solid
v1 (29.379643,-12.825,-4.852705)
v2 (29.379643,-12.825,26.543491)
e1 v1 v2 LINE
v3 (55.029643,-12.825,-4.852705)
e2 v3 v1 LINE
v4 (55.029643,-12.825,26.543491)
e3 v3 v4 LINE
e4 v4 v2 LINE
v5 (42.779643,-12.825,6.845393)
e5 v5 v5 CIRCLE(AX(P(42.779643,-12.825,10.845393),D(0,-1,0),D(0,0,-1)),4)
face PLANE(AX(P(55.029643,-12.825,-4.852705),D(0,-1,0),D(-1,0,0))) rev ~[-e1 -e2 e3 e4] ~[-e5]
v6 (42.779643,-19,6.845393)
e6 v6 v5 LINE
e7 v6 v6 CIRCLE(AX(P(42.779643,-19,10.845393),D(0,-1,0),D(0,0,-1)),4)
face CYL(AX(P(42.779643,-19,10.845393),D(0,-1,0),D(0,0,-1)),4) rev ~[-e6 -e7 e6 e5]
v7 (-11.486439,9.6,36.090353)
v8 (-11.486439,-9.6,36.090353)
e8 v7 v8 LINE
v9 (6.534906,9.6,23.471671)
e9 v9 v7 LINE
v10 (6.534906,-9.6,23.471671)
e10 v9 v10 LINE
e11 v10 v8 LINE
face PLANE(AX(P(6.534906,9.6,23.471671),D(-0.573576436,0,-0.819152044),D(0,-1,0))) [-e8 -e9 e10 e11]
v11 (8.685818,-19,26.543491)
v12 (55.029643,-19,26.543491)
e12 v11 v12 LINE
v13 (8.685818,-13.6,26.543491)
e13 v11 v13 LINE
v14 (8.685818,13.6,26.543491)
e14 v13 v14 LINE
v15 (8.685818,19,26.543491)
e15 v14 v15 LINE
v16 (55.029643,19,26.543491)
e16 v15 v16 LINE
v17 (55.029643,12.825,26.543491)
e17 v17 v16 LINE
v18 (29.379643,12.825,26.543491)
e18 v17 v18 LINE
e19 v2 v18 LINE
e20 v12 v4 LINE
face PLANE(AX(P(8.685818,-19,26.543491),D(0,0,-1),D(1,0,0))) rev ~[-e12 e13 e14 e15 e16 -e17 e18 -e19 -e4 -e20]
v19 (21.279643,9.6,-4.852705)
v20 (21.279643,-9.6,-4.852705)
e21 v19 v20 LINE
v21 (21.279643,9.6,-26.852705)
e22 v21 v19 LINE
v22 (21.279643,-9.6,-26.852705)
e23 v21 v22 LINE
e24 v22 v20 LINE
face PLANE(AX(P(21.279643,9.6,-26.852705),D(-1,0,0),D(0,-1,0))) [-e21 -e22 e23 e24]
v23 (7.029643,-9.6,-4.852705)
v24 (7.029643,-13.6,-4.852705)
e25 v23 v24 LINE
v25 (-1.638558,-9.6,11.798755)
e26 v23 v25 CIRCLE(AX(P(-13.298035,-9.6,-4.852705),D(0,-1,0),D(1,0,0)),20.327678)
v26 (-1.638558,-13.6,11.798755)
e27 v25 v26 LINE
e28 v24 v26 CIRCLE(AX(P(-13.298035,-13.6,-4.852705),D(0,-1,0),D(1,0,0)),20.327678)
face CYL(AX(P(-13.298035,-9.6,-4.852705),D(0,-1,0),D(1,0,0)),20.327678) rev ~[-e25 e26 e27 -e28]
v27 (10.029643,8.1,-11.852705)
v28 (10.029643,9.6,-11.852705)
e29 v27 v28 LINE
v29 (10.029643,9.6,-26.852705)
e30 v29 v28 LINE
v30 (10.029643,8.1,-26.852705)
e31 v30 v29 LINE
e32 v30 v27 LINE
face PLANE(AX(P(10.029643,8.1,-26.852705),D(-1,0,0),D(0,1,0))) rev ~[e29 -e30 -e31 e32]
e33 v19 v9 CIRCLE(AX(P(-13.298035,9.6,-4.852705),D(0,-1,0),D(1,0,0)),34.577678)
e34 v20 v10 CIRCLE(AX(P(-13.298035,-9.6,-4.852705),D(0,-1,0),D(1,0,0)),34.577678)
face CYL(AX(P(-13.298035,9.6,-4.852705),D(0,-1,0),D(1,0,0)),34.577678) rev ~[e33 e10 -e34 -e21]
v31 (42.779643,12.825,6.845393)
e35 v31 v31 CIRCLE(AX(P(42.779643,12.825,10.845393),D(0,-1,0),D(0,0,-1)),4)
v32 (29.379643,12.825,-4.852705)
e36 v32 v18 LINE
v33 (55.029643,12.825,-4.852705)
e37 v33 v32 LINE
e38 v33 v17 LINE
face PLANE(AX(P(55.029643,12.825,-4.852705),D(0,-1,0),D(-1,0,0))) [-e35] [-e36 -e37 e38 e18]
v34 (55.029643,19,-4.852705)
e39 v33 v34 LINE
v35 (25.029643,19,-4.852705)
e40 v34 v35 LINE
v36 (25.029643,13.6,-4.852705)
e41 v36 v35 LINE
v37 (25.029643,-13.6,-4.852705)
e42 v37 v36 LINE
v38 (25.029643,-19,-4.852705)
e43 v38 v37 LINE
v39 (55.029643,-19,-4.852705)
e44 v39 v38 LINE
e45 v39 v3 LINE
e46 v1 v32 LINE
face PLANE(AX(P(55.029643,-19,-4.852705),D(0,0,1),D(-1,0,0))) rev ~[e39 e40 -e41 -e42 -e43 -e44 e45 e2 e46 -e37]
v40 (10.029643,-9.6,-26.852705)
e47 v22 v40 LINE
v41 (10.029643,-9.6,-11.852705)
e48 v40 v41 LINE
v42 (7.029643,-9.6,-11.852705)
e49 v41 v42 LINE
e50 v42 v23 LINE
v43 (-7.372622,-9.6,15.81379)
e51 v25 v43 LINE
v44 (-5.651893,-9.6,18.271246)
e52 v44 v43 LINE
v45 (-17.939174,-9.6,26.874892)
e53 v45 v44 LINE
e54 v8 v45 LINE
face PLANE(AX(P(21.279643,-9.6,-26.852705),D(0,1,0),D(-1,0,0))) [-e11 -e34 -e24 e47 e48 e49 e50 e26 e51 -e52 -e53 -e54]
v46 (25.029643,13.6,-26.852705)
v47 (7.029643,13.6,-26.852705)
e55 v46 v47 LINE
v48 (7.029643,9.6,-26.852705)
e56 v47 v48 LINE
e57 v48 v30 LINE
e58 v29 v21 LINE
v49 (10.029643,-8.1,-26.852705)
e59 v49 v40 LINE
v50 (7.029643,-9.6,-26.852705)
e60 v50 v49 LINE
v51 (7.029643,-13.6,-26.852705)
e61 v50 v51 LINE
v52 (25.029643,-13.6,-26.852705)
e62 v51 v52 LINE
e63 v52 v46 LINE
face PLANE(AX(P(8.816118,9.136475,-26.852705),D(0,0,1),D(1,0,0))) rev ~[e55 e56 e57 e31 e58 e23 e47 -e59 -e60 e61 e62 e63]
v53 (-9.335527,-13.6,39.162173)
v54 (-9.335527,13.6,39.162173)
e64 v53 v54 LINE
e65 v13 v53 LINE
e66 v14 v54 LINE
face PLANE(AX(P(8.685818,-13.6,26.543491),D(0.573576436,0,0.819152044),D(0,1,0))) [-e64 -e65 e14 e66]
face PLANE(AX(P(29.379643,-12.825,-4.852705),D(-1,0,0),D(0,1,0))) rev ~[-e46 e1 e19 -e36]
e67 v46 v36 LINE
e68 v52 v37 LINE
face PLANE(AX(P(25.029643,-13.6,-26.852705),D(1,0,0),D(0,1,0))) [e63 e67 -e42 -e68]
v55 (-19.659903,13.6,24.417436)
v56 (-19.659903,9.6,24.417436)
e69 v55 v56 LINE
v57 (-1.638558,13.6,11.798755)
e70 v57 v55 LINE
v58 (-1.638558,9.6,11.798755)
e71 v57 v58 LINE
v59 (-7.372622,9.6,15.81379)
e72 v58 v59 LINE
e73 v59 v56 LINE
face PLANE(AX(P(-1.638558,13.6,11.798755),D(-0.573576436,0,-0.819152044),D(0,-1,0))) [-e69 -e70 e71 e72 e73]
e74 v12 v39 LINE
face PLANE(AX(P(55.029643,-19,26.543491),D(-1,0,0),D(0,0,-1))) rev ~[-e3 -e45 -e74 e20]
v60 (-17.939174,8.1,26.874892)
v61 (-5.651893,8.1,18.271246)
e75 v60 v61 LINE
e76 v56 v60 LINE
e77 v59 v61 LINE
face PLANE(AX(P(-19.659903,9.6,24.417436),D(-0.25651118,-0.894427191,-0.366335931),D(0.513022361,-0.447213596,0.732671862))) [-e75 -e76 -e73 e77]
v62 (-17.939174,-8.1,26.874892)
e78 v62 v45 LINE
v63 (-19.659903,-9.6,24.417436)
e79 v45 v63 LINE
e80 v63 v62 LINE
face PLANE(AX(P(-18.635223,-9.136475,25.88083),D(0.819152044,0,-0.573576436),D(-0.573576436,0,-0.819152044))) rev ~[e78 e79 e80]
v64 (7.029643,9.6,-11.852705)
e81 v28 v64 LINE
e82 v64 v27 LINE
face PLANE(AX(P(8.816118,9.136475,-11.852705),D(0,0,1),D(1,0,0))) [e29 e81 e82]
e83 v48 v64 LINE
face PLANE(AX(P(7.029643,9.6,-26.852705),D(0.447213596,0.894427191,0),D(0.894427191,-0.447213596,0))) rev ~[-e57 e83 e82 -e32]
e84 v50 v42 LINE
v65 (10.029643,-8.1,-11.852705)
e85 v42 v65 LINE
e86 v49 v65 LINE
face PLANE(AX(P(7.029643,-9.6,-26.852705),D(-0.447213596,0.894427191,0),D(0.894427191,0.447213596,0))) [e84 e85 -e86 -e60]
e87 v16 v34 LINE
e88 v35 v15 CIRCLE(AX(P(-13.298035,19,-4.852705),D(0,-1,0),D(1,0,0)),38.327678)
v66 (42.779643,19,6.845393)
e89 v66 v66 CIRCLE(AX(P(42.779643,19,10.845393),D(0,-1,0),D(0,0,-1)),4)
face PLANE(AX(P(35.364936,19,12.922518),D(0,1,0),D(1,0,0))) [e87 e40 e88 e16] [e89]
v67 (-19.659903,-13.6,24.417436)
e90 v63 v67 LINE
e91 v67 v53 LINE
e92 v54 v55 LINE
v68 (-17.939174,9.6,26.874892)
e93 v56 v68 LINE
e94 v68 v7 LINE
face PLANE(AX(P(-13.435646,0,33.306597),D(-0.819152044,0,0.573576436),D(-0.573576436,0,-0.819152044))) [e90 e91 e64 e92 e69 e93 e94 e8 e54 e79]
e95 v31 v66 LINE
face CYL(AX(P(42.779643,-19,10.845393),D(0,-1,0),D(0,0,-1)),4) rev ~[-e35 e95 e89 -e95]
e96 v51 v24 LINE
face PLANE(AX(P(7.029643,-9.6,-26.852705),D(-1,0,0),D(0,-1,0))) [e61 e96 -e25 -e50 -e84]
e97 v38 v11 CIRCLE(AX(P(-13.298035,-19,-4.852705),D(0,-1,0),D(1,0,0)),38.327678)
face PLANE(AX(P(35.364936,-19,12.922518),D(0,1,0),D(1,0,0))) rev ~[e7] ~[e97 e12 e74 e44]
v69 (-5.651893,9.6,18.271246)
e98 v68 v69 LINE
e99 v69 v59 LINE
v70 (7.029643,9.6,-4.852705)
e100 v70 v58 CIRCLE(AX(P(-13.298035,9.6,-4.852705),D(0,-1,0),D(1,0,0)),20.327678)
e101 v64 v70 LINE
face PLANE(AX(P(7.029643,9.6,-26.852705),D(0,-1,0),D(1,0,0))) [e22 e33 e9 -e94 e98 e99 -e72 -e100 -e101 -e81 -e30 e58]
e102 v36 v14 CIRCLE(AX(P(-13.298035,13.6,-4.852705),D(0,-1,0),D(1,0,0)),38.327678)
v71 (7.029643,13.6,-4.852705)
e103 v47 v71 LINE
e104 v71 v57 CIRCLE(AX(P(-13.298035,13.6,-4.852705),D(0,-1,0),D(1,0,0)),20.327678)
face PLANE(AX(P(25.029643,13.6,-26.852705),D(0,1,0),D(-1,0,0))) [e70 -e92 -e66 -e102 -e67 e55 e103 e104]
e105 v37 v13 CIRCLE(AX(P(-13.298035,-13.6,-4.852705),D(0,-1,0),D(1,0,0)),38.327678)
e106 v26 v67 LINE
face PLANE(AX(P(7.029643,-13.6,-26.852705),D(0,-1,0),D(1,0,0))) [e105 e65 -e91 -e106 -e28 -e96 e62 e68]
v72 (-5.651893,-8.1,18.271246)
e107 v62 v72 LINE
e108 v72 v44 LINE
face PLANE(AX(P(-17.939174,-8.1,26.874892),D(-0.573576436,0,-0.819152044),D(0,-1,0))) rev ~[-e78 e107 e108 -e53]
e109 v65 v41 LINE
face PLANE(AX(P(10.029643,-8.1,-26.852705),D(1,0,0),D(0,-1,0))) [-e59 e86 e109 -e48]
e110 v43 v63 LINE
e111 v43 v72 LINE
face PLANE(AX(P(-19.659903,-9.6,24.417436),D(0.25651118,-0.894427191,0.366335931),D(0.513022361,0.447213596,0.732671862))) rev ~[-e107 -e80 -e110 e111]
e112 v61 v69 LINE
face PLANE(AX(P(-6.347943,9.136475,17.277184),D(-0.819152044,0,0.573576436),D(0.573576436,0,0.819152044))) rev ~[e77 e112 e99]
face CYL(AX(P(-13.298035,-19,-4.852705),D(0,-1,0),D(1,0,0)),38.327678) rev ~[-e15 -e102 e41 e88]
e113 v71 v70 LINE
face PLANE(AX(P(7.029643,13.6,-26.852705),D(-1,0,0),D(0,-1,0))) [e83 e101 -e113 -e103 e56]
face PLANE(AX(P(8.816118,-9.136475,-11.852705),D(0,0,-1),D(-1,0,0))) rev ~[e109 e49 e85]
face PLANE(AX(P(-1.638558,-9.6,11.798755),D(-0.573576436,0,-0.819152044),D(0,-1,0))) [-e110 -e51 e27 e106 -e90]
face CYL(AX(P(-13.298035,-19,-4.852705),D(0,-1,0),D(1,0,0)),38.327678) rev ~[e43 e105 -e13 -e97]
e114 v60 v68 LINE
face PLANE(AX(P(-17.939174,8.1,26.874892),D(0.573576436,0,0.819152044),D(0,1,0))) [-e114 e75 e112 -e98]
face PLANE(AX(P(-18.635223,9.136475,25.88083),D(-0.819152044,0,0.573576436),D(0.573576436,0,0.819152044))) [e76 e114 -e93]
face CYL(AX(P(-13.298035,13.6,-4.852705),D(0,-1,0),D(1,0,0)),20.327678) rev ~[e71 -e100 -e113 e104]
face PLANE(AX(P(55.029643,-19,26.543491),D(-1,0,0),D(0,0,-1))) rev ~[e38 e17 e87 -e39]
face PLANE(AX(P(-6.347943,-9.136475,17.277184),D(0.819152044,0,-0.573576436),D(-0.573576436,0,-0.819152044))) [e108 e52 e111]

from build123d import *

# Parameters (mm, degrees)
BOSS_EXTRUDE1_DEPTH      = 15
BOSS_EXTRUDE2_DEPTH      = 15
BOSS_EXTRUDE3_DEPTH      = 19
BOSS_EXTRUDE3_DEPTH_BACK = 19
BOSS_EXTRUDE3_START      = -13.6
SKETCH9_W                = 25.65
SKETCH9_H                = 25.65
CUT_EXTRUDE2_DEPTH       = 41
SKETCH10_R               = 4
CUT_EXTRUDE3_DEPTH       = 41


with BuildPart() as part:
    # Sweep1: sweep along a path in Sketch1
    with BuildLine(Plane(origin=(0, 0, 0), x_dir=(1, 0, 0), z_dir=(0, 1, 0))) as sweep1_path:
        Line((21.279643058, 26.852704607), (21.279643058, 4.852704607))
        ThreePointArc((21.279643058, 4.852704607), (17.372739998, -11.11349039), (6.534906261, -23.471671247))
        Line((6.534906261, -23.471671247), (-11.486438713, -36.090352847))
    # Sketch5 → Sweep1 (sweep)
    with BuildSketch(Plane.XY.offset(-26.852704607)):
        Polygon((21.279643058, 9.6), (21.279643058, 0), (21.279643058, -9.6), (7.029643058, -9.6), (7.029643058, -13.6), (25.029643058, -13.6), (25.029643058, 13.6), (7.029643058, 13.6), (7.029643058, 9.6), align=None)
    sweep(path=sweep1_path.line)

    # Sketch6 → Boss-Extrude1 (add)
    with BuildSketch(Plane(origin=(0, 0, -26.852704607), x_dir=(-1, 0, 0), z_dir=(0, 0, -1))):
        Polygon((-7.029643058, 9.6), (-10.029643058, 8.1), (-10.029643058, 9.6), align=None)
        Polygon((-7.029643058, -9.6), (-10.029643058, -8.1), (-10.029643058, -9.6), align=None)
    extrude(amount=-BOSS_EXTRUDE1_DEPTH)

    # Sketch7 → Boss-Extrude2 (add)
    with BuildSketch(Plane(origin=(-24.66443519, 0, 17.270223446), x_dir=(0.5735764363510444, 0, 0.8191520442889931), z_dir=(-0.8191520442889931, 0, 0.5735764363510444))):
        Polygon((8.72513573, 9.6), (11.72513573, 8.1), (11.72513573, 9.6), align=None)
        Polygon((11.72513573, -8.1), (11.72513573, -9.6), (8.72513573, -9.6), align=None)
    extrude(amount=-BOSS_EXTRUDE2_DEPTH)

    # Sketch8 → Boss-Extrude3 (add, two sides: drawn at the far end of the back side and taken through both)
    with BuildSketch(Plane(origin=(0, 13.6, 0), x_dir=(1, 0, 0), z_dir=(0, 1, 0)).offset(BOSS_EXTRUDE3_START - BOSS_EXTRUDE3_DEPTH_BACK)):
        with BuildLine():
            Line((8.685817898, -26.543491413), (25.029643058, -26.543491413))
            Line((25.029643058, -26.543491413), (55.029643058, -26.543491413))
            Line((55.029643058, -26.543491413), (55.029643058, 4.852704607))
            Line((55.029643058, 4.852704607), (25.029643058, 4.852704607))
            ThreePointArc((25.029643058, 4.852704607), (20.699030623, -12.84504769), (8.685817898, -26.543491413))
        make_face()
    extrude(amount=BOSS_EXTRUDE3_DEPTH + BOSS_EXTRUDE3_DEPTH_BACK)

    # Sketch9 → Cut-Extrude2 (cut)
    with BuildSketch(Plane(origin=(0, 0, -4.852704607), x_dir=(-1, 0, 0), z_dir=(0, 0, -1))):
        with Locations((-42.204643058, 0)):
            Rectangle(SKETCH9_W, SKETCH9_H)
    extrude(amount=-CUT_EXTRUDE2_DEPTH, mode=Mode.SUBTRACT)

    # Sketch10 → Cut-Extrude3 (cut)
    with BuildSketch(Plane.XZ.offset(19)):
        with Locations(Location((42.779643058, 10.845393403, 0), (0, 0, 270))):
            Circle(SKETCH10_R)
    extrude(amount=-CUT_EXTRUDE3_DEPTH, mode=Mode.SUBTRACT)


solid = part.part
